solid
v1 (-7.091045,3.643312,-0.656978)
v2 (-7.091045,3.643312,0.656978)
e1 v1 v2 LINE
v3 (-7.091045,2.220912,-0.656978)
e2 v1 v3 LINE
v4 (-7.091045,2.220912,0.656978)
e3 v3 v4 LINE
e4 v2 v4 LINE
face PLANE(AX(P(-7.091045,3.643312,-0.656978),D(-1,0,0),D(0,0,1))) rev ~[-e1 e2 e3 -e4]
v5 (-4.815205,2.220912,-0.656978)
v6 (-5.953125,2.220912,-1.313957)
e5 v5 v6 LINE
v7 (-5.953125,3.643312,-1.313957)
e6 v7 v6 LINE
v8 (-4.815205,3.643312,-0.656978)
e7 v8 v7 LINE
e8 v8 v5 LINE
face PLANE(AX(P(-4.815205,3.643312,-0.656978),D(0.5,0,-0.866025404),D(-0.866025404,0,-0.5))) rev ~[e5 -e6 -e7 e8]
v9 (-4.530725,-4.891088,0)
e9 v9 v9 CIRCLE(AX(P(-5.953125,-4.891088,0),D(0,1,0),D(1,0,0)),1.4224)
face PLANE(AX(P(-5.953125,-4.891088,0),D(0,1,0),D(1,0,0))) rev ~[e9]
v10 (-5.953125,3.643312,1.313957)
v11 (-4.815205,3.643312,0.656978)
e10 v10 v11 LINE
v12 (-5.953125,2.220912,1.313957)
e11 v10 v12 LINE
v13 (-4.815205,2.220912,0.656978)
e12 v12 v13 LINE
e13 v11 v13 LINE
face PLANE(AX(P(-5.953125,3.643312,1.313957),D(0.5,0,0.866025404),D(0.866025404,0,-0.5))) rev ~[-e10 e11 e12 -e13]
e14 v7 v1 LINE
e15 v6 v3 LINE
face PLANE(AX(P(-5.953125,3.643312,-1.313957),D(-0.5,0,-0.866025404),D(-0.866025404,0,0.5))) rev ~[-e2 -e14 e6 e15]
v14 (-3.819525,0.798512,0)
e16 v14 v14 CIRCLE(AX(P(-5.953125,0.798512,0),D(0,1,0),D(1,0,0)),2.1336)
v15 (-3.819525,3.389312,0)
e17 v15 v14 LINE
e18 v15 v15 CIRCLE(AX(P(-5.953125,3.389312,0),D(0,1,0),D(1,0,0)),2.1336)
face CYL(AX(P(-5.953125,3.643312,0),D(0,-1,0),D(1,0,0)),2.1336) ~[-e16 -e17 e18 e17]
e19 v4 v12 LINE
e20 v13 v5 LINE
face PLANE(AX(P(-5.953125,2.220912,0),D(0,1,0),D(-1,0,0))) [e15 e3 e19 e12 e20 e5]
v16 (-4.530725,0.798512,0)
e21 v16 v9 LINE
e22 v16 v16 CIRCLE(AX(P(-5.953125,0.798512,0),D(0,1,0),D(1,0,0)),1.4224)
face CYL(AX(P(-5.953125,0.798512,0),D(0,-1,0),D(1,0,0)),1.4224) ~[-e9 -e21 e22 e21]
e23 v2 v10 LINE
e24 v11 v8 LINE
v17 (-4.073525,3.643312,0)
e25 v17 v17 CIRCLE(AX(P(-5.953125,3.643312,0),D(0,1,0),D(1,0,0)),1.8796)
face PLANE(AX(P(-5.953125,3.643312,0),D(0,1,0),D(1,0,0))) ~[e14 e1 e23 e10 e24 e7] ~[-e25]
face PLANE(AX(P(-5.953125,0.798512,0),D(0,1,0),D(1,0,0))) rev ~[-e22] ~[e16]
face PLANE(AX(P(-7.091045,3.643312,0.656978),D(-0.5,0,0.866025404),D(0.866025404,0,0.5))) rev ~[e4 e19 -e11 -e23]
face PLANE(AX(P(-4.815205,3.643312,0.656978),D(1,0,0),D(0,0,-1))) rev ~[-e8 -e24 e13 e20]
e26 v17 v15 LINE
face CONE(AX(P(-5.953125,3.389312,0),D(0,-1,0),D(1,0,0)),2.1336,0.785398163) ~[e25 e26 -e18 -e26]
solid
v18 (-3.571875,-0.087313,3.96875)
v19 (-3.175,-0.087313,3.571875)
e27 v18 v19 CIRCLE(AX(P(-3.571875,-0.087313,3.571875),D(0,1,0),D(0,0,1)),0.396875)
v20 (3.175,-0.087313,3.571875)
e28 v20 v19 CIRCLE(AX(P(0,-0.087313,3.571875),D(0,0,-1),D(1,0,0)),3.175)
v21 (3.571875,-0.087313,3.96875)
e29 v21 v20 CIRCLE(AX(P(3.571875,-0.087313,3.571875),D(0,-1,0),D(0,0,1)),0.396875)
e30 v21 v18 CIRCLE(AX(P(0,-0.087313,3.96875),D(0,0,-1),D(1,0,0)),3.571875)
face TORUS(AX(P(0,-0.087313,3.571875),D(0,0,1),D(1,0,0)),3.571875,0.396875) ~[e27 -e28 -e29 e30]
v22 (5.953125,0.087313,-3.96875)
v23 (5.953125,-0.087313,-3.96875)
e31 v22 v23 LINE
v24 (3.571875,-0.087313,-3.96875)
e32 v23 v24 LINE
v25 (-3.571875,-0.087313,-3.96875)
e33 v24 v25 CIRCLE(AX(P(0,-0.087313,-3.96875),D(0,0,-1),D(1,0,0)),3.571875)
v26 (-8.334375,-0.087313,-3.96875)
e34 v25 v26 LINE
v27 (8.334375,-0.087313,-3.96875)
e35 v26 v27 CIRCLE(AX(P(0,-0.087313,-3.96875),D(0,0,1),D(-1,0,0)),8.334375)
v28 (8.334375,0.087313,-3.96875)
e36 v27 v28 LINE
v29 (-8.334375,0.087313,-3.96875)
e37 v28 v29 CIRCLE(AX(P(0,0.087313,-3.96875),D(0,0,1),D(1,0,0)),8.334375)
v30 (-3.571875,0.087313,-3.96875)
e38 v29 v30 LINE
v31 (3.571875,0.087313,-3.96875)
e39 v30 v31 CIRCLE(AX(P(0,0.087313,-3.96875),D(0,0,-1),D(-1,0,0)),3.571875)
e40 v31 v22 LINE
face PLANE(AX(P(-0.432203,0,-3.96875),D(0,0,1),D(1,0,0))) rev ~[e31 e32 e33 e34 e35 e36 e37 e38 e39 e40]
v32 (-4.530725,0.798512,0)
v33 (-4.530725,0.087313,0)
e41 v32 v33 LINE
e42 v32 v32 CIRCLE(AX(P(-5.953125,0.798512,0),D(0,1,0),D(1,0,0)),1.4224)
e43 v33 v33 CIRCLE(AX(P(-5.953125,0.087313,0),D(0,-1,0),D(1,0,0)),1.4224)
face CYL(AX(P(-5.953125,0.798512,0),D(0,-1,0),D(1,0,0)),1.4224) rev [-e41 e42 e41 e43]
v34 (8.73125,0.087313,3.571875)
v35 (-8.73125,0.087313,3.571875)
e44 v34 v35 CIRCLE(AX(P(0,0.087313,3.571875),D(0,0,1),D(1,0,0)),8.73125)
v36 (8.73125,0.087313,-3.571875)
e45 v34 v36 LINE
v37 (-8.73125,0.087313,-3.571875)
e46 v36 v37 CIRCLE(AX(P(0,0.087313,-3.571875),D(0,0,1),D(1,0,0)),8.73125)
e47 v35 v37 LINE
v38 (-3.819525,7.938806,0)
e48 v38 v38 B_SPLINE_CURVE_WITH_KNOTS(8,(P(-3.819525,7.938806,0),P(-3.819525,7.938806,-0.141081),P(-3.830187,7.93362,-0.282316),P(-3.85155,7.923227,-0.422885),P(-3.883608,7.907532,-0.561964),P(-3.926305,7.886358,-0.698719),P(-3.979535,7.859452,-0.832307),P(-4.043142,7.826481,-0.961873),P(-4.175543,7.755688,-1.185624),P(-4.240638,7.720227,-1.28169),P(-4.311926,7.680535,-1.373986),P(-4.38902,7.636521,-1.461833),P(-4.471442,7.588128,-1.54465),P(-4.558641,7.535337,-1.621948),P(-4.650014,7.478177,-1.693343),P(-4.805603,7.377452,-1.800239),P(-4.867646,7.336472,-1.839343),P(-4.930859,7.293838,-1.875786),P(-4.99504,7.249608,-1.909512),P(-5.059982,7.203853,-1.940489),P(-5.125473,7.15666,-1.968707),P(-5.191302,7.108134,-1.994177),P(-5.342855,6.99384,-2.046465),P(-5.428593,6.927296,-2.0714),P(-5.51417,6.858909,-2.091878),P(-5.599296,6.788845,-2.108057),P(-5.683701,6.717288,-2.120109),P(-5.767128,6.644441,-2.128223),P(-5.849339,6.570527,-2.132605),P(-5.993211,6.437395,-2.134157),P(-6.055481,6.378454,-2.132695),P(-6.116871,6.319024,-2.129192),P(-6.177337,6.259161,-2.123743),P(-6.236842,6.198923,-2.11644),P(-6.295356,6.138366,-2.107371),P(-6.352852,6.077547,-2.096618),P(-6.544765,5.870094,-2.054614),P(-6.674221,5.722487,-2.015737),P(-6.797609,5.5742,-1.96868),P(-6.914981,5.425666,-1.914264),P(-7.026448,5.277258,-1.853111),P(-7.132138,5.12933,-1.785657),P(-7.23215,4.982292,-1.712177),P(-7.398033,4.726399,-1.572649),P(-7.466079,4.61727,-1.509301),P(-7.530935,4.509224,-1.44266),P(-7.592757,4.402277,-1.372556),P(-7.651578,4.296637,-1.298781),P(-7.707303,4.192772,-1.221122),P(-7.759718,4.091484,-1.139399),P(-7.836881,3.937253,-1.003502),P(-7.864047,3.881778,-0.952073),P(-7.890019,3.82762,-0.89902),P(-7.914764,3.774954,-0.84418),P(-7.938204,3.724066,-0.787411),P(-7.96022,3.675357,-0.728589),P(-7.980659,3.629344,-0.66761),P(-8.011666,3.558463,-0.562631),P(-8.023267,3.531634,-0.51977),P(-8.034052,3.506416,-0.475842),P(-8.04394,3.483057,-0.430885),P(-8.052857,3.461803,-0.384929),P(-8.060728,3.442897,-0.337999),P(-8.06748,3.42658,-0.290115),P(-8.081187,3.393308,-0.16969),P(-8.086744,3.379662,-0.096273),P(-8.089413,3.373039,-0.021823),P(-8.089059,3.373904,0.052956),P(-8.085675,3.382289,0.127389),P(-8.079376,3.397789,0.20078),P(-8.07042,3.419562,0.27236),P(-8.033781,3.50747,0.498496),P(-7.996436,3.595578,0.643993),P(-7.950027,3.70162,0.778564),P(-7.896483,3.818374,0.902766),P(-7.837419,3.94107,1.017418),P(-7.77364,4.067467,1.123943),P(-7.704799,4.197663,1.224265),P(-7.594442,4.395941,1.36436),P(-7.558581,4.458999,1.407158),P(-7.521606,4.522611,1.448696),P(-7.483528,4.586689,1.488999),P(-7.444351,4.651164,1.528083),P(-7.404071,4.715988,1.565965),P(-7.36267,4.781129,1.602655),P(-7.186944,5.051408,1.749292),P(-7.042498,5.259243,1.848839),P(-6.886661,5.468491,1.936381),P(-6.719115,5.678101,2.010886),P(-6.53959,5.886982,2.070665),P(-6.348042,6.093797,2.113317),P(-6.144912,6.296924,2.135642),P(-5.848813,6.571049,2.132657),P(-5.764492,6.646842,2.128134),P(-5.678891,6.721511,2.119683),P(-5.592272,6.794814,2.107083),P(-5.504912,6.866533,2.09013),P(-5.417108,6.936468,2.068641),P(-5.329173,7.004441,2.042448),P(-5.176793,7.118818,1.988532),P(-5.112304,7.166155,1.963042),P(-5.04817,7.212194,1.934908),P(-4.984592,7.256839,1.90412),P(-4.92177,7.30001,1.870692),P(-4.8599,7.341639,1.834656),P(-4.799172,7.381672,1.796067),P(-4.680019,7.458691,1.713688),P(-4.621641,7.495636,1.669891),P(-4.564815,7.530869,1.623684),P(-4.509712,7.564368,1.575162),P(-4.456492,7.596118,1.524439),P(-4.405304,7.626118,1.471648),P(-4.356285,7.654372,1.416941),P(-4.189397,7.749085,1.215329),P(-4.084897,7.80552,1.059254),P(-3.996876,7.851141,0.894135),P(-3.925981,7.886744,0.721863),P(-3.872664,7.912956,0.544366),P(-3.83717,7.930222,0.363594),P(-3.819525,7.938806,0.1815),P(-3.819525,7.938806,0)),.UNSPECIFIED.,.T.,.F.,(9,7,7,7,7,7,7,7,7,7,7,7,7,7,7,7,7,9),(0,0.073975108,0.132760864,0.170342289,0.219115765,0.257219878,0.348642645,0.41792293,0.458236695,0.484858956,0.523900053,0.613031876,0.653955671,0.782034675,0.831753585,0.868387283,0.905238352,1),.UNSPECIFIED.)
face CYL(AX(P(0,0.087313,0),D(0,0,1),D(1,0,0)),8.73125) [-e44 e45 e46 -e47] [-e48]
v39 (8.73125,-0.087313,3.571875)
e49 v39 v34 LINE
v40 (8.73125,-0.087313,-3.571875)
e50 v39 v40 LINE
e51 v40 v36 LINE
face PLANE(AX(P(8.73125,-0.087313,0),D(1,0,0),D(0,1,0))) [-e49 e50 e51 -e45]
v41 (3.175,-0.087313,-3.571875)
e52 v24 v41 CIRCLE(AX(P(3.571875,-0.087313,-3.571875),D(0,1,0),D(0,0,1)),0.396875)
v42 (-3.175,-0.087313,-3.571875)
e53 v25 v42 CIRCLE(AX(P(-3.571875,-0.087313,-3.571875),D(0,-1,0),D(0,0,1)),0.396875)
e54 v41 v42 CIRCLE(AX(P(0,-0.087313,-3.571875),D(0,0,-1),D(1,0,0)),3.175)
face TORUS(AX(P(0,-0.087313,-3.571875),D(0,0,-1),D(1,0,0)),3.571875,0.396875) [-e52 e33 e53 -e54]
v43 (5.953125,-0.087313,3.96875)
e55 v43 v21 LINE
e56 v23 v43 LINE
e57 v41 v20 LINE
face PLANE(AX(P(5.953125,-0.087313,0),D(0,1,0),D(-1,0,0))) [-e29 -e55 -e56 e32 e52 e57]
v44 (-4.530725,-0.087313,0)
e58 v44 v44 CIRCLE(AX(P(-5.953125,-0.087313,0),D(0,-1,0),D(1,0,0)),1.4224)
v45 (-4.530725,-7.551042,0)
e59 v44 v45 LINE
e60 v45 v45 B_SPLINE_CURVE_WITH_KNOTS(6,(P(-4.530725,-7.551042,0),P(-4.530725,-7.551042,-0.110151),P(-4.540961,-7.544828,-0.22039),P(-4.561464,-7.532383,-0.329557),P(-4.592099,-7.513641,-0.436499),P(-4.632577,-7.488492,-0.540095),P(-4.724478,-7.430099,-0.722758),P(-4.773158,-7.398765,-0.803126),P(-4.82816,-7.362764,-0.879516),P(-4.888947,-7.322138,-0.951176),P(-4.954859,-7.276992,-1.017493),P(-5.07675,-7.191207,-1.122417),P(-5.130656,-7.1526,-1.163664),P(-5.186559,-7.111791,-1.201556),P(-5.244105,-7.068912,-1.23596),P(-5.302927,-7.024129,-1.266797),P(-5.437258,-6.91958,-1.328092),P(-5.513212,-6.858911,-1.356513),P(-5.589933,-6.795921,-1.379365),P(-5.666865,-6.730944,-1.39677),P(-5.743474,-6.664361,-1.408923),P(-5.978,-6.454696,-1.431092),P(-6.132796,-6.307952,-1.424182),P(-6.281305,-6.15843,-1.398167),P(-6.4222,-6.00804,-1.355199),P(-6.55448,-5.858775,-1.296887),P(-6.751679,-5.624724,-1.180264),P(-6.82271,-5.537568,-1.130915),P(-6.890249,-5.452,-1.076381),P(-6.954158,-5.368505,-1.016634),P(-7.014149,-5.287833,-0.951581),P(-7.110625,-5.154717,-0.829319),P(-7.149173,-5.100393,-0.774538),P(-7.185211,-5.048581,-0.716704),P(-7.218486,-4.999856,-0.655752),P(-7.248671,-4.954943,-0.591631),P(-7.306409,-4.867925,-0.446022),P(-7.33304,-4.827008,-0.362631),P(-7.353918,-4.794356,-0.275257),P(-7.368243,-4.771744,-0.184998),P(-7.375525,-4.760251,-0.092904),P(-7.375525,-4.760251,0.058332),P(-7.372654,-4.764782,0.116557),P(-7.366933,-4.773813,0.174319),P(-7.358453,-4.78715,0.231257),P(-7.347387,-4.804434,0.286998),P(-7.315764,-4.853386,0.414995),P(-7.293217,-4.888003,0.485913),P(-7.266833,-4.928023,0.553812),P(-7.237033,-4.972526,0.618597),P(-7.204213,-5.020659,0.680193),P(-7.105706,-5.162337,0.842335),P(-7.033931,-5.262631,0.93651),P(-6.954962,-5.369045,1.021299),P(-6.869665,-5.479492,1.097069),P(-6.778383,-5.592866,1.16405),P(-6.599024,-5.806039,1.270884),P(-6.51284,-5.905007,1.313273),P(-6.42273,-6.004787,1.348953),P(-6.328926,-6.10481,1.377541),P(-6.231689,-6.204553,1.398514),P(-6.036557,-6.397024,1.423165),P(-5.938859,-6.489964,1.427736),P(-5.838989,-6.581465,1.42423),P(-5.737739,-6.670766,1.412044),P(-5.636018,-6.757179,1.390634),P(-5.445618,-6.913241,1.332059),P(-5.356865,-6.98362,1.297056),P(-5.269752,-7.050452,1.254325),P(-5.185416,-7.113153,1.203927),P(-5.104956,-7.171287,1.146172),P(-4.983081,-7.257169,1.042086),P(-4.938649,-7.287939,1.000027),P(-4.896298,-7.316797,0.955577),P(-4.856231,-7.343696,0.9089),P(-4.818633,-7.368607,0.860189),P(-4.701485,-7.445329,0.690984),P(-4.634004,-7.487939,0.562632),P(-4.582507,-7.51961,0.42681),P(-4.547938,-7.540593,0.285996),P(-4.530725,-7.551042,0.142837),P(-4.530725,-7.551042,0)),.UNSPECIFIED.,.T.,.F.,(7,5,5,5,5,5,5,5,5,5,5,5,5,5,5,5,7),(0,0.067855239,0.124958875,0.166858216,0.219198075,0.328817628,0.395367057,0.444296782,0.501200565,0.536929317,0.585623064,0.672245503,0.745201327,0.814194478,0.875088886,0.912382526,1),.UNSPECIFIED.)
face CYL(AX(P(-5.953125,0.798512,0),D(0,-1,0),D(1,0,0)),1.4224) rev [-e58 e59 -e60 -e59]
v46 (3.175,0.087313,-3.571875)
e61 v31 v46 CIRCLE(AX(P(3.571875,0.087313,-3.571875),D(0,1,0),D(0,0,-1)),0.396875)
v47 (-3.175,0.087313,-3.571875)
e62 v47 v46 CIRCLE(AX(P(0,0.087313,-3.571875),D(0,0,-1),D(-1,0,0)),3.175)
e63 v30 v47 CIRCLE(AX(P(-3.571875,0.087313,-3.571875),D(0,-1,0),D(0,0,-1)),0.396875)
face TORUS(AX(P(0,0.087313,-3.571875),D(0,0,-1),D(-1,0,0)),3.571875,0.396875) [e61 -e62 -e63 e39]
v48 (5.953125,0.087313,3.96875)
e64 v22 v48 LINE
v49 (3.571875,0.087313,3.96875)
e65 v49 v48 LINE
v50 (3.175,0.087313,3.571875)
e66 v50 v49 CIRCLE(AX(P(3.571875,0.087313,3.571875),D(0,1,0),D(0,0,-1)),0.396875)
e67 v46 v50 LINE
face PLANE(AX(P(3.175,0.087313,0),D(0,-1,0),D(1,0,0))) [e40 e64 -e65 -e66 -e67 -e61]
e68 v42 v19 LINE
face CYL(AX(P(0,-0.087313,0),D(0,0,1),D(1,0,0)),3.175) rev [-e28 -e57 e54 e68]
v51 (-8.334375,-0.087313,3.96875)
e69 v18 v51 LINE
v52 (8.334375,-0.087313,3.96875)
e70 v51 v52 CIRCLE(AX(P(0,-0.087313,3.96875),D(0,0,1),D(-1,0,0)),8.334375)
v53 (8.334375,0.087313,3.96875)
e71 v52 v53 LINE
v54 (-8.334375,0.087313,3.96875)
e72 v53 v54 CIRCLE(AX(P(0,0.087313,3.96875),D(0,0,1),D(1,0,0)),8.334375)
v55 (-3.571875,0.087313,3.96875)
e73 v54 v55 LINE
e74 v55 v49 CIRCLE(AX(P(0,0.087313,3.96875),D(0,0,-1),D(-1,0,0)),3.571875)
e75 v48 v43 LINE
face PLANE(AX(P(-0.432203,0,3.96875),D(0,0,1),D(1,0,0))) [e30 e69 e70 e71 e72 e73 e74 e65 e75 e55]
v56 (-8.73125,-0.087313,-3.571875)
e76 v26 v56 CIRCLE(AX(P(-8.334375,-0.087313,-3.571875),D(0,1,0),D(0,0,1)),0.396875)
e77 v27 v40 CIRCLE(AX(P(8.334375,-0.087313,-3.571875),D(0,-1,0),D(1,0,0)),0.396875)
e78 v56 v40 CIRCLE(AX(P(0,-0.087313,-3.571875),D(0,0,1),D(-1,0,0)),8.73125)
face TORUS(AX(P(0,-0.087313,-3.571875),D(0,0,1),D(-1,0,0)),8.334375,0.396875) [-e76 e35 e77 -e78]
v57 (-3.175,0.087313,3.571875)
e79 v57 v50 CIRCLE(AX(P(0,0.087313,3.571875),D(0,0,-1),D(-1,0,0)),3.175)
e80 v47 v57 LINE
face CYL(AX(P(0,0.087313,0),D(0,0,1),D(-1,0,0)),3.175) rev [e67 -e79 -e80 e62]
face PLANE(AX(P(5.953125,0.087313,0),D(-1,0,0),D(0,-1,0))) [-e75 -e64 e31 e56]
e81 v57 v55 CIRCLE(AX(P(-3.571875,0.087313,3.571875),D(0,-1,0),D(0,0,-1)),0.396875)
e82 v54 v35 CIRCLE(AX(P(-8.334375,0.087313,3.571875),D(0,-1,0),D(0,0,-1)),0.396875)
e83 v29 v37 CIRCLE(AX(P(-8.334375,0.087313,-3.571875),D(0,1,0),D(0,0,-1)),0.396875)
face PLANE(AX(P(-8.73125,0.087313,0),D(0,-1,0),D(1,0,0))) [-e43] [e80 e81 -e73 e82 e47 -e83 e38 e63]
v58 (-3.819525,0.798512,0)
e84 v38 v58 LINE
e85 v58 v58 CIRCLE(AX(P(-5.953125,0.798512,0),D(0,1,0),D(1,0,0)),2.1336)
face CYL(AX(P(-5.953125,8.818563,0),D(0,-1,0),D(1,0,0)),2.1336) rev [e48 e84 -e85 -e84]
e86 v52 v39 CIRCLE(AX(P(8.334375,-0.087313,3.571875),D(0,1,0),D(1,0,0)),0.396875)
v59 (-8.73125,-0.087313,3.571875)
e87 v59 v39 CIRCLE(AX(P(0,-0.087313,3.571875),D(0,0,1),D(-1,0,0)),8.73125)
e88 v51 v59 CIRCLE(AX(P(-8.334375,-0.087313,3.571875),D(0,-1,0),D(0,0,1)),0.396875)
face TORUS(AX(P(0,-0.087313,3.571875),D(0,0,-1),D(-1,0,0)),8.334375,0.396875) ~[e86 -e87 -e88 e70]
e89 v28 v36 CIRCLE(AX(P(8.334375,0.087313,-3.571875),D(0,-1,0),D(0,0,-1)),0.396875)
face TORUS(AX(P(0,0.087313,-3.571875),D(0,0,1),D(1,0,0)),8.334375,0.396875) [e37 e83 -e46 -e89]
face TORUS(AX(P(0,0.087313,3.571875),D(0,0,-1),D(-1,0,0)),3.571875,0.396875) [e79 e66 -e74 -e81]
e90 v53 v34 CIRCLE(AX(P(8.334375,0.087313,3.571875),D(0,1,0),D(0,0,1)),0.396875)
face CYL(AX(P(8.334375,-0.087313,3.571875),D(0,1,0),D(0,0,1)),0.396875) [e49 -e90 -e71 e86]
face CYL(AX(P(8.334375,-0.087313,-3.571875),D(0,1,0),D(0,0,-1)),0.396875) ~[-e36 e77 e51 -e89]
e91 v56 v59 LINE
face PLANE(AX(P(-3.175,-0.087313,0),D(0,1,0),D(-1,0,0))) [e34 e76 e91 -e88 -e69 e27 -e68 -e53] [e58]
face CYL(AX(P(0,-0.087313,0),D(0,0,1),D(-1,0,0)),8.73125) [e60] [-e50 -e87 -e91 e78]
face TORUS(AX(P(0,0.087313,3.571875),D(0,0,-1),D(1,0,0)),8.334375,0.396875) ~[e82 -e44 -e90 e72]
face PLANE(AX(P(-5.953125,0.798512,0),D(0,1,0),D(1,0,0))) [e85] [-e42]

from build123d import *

# Parameters (mm, degrees)
EXTRUDE1_DEPTH     = 3.96875
CUT_EXTRUDE2_DEPTH = 1.4224
FILLET1_R          = 0.396875
FILLET2_R          = 0.396875
CHAMFER2_SIZE      = 0.254


with BuildPart() as part:
    # Sketch1 → Extrude1 (new body, symmetric)
    with BuildSketch(Plane.XY):
        with BuildLine():
            Line((-8.73125, 0.0873125), (-3.175, 0.0873125))
            ThreePointArc((-3.175, 0.0873125), (0, 3.2623125), (3.175, 0.0873125))
            Line((3.175, 0.0873125), (5.953125, 0.0873125))
            Line((5.953125, 0.0873125), (5.953125, -0.0873125))
            Line((5.953125, -0.0873125), (3.175, -0.0873125))
            ThreePointArc((3.175, -0.0873125), (0, -3.2623125), (-3.175, -0.0873125))
            Line((-3.175, -0.0873125), (-8.73125, -0.0873125))
            ThreePointArc((-8.73125, -0.0873125), (0, -8.8185625), (8.73125, -0.0873125))
            Line((8.73125, -0.0873125), (8.73125, 0.0873125))
            ThreePointArc((8.73125, 0.0873125), (0, 8.8185625), (-8.73125, 0.0873125))
        make_face()
    extrude(amount=EXTRUDE1_DEPTH, both=True)

    # Sketch4 → Cut-Revolve1 (revolve, cut)
    with BuildSketch(Plane.XY):
        Polygon((-5.953125, 8.8185625), (-3.819525, 8.8185625), (-3.819525, 0.7985125), (-4.530725, 0.7985125), (-4.530725, -8.8185625), (-5.953125, -8.8185625), align=None)
    revolve(axis=Axis((-5.953125, -8.8185625, 0), (0, 1, 0)), mode=Mode.SUBTRACT)

    # Fillet1
    fillet1_edges = [part.edges().sort_by_distance(p)[0] for p in [
        (0, 3.2623125, 3.96875),
        (0, 3.2623125, -3.96875),
        (0, 8.8185625, -3.96875),
        (0, -8.8185625, 3.96875),
        (8.73125, 0, 3.96875),
        (0, 8.8185625, 3.96875),
        (8.73125, 0, -3.96875),
        (0, -8.8185625, -3.96875),
    ]]
    fillet(fillet1_edges, radius=FILLET1_R)

    # Fillet2
    fillet2_edges = [part.edges().sort_by_distance(p)[0] for p in [
        (0, -3.2623125, 3.96875),
        (0, -3.2623125, -3.96875),
    ]]
    fillet(fillet2_edges, radius=FILLET2_R)


with BuildPart() as body_2:
    # Sketch6 → Revolve1 (revolve)
    with BuildSketch(Plane.XY):
        Polygon((-5.953125, 3.6433125), (-3.819525, 3.6433125), (-3.819525, 0.7985125), (-4.530725, 0.7985125), (-4.530725, -4.8910875), (-5.953125, -4.8910875), align=None)
    revolve(axis=Axis((-5.953125, -4.8910875, 0), (0, 1, 0)))

    # Sketch7 → Cut-Extrude2 (cut)
    with BuildSketch(Plane(origin=(0, 3.6433125, 0), x_dir=(-1, 0, 0), z_dir=(0, 1, 0))):
        Polygon((5.953125, -1.313956837), (7.091045, -0.656978418), (7.091045, 0.656978418), (5.953125, 1.313956837), (4.815205, 0.656978418), (4.815205, -0.656978418), align=None)
    extrude(amount=-CUT_EXTRUDE2_DEPTH, mode=Mode.SUBTRACT)

    # Chamfer2
    chamfer2_edges = [body_2.edges().sort_by_distance(p)[0] for p in [
        (-8.086725, 3.6433125, 0),
    ]]
    chamfer(chamfer2_edges, length=CHAMFER2_SIZE)


solid = Compound([part.part, body_2.part])
